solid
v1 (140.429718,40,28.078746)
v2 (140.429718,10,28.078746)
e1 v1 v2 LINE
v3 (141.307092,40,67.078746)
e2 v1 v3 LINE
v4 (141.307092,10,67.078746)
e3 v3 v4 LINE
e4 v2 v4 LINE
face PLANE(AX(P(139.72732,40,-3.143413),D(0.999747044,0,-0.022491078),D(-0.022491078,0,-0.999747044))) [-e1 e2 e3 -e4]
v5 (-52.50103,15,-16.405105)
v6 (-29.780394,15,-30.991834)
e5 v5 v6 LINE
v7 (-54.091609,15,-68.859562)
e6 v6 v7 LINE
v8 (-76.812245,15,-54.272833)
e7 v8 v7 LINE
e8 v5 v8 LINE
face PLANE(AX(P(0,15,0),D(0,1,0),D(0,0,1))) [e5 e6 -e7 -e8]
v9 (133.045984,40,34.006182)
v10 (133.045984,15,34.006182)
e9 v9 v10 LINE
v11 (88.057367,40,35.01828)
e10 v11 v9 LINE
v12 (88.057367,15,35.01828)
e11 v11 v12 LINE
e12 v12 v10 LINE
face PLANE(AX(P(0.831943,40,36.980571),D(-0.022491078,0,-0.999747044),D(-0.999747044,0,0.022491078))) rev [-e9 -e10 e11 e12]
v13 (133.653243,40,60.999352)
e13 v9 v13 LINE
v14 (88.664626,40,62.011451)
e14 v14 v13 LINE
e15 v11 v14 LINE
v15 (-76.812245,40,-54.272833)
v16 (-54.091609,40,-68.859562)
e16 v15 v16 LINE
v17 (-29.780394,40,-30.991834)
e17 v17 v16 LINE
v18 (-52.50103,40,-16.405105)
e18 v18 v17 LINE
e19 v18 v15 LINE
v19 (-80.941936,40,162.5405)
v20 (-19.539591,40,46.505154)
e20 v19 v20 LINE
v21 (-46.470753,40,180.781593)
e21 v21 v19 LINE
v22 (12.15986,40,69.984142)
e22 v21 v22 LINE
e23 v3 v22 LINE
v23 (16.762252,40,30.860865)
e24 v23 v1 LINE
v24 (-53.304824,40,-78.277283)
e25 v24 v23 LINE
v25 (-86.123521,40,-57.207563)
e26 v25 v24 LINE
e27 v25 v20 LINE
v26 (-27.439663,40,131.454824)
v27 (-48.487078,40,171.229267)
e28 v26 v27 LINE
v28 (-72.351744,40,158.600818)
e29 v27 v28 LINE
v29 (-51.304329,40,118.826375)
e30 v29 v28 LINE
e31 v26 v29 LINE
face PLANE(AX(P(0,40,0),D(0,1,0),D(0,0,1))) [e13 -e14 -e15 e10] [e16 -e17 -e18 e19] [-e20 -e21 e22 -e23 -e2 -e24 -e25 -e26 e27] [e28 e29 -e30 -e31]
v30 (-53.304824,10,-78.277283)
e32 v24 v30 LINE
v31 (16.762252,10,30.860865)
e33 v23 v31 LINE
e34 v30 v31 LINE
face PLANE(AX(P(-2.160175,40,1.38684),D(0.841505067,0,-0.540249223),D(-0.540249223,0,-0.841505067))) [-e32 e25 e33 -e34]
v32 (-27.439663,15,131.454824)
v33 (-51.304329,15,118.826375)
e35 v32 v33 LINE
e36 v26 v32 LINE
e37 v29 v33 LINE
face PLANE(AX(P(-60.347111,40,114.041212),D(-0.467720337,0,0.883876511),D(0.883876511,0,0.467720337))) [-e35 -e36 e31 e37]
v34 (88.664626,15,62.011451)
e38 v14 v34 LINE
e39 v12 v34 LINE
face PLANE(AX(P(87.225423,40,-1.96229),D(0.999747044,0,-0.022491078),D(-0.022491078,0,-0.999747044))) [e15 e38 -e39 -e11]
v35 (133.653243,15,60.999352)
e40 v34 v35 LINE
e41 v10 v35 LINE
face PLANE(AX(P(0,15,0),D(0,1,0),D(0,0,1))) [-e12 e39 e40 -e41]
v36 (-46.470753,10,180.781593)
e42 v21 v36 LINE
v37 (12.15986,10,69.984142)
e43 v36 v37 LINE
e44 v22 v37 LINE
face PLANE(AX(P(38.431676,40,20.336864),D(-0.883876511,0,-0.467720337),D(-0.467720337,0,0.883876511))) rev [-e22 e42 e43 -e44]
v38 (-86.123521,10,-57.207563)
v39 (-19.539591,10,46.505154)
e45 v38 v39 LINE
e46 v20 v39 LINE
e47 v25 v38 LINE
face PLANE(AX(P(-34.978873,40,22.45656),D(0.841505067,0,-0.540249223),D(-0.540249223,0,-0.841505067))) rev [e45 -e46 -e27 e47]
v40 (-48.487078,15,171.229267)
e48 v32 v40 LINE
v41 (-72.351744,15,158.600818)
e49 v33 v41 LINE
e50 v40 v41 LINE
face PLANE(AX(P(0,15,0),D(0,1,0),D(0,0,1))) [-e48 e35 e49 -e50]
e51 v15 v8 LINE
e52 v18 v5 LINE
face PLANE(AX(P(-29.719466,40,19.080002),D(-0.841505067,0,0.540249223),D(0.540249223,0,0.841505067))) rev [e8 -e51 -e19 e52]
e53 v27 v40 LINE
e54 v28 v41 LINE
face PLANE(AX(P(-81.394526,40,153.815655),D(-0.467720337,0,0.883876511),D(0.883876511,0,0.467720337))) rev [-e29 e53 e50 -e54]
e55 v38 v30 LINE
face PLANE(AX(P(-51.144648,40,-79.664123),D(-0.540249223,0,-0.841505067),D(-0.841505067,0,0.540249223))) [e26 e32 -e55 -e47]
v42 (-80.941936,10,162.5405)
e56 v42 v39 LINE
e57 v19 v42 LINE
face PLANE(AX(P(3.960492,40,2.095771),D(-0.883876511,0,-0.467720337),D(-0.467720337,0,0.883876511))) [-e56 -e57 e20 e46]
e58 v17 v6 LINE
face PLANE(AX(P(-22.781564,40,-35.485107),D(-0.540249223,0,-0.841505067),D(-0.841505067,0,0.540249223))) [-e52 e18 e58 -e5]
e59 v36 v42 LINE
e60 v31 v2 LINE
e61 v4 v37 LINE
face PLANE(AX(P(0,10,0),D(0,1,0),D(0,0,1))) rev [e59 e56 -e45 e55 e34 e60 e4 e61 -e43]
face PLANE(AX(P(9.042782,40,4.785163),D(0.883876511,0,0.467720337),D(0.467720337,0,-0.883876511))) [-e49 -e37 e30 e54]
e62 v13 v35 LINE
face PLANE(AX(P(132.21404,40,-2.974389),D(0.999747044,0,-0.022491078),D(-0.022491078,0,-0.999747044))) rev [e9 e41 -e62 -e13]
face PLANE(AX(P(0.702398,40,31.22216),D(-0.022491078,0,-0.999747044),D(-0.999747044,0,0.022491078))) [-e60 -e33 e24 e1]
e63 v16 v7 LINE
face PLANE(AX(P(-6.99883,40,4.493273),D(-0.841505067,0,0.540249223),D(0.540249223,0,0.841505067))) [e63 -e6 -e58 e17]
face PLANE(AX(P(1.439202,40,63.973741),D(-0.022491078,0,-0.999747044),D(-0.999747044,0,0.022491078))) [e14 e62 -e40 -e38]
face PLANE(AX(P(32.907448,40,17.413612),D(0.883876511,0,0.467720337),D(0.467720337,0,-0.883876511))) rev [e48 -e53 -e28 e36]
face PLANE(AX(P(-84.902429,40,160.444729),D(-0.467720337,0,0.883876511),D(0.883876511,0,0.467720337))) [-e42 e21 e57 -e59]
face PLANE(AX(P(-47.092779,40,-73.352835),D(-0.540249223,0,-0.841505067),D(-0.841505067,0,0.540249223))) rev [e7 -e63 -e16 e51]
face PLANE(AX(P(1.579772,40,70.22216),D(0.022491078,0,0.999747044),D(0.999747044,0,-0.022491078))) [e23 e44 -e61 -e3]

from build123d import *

# Parameters (mm, degrees)
SKETCH2_W           = 300
SKETCH2_H           = 300
BOSS_EXTRUDE1_DEPTH = 10
BOSS_EXTRUDE3_DEPTH = 30
SKETCH2_2_W         = 300
SKETCH2_2_H         = 300
CUT_EXTRUDE1_DEPTH  = 10
BOSS_EXTRUDE4_DEPTH = 5


with BuildPart() as part:
    # Sketch2 → Boss-Extrude1 (new body)
    with BuildSketch(Plane(origin=(0, 0, 0), x_dir=(1, 0, 0), z_dir=(0, 1, 0))):
        with Locations((20.355411955, -44.224555735)):
            Rectangle(SKETCH2_W, SKETCH2_H)
    extrude(amount=BOSS_EXTRUDE1_DEPTH)

    # Sketch7 → Boss-Extrude3 (add)
    with BuildSketch(Plane(origin=(0, 10, 0), x_dir=(1, 0, 0), z_dir=(0, 1, 0))):
        Polygon((-80.941936453, -162.540499595), (-46.470752527, -180.781592729), (12.159859746, -69.984141911), (141.307092119, -67.078746484), (140.429718136, -28.078746484), (16.762252316, -30.86086487), (-53.304823682, 78.277282816), (-86.123521283, 57.207563128), (-19.539590898, -46.505153929), align=None)
        Polygon((-51.304328835, -118.826374708), (-27.43966304, -131.454823801), (-48.487078194, -171.229266792), (-72.351743989, -158.6008177), align=None, mode=Mode.SUBTRACT)
        Polygon((-52.501030421, 16.405104768), (-76.812245446, 54.27283277), (-54.091608645, 68.859561784), (-29.78039362, 30.991833782), align=None, mode=Mode.SUBTRACT)
        Polygon((88.0573666, -35.018280322), (133.045983567, -34.006181808), (133.653242675, -60.999351988), (88.664625709, -62.011450502), align=None, mode=Mode.SUBTRACT)
    extrude(amount=BOSS_EXTRUDE3_DEPTH)

    # Sketch2<2> → Cut-Extrude1 (cut)
    with BuildSketch(Plane(origin=(0, 0, 0), x_dir=(1, 0, 0), z_dir=(0, 1, 0))):
        with Locations((20.355411955, -44.224555735)):
            Rectangle(SKETCH2_2_W, SKETCH2_2_H)
    extrude(amount=CUT_EXTRUDE1_DEPTH, mode=Mode.SUBTRACT)

    # Sketch7<3> → Boss-Extrude4 (add)
    with BuildSketch(Plane(origin=(0, 10, 0), x_dir=(1, 0, 0), z_dir=(0, 1, 0))):
        Polygon((-76.812245446, 54.27283277), (-52.501030421, 16.405104768), (-29.78039362, 30.991833782), (-54.091608645, 68.859561784), align=None)
        Polygon((-48.487078194, -171.229266792), (-27.43966304, -131.454823801), (-51.304328835, -118.826374708), (-72.351743989, -158.6008177), align=None)
        Polygon((133.045983567, -34.006181808), (88.0573666, -35.018280322), (88.664625709, -62.011450502), (133.653242675, -60.999351988), align=None)
    extrude(amount=BOSS_EXTRUDE4_DEPTH)


solid = part.part
